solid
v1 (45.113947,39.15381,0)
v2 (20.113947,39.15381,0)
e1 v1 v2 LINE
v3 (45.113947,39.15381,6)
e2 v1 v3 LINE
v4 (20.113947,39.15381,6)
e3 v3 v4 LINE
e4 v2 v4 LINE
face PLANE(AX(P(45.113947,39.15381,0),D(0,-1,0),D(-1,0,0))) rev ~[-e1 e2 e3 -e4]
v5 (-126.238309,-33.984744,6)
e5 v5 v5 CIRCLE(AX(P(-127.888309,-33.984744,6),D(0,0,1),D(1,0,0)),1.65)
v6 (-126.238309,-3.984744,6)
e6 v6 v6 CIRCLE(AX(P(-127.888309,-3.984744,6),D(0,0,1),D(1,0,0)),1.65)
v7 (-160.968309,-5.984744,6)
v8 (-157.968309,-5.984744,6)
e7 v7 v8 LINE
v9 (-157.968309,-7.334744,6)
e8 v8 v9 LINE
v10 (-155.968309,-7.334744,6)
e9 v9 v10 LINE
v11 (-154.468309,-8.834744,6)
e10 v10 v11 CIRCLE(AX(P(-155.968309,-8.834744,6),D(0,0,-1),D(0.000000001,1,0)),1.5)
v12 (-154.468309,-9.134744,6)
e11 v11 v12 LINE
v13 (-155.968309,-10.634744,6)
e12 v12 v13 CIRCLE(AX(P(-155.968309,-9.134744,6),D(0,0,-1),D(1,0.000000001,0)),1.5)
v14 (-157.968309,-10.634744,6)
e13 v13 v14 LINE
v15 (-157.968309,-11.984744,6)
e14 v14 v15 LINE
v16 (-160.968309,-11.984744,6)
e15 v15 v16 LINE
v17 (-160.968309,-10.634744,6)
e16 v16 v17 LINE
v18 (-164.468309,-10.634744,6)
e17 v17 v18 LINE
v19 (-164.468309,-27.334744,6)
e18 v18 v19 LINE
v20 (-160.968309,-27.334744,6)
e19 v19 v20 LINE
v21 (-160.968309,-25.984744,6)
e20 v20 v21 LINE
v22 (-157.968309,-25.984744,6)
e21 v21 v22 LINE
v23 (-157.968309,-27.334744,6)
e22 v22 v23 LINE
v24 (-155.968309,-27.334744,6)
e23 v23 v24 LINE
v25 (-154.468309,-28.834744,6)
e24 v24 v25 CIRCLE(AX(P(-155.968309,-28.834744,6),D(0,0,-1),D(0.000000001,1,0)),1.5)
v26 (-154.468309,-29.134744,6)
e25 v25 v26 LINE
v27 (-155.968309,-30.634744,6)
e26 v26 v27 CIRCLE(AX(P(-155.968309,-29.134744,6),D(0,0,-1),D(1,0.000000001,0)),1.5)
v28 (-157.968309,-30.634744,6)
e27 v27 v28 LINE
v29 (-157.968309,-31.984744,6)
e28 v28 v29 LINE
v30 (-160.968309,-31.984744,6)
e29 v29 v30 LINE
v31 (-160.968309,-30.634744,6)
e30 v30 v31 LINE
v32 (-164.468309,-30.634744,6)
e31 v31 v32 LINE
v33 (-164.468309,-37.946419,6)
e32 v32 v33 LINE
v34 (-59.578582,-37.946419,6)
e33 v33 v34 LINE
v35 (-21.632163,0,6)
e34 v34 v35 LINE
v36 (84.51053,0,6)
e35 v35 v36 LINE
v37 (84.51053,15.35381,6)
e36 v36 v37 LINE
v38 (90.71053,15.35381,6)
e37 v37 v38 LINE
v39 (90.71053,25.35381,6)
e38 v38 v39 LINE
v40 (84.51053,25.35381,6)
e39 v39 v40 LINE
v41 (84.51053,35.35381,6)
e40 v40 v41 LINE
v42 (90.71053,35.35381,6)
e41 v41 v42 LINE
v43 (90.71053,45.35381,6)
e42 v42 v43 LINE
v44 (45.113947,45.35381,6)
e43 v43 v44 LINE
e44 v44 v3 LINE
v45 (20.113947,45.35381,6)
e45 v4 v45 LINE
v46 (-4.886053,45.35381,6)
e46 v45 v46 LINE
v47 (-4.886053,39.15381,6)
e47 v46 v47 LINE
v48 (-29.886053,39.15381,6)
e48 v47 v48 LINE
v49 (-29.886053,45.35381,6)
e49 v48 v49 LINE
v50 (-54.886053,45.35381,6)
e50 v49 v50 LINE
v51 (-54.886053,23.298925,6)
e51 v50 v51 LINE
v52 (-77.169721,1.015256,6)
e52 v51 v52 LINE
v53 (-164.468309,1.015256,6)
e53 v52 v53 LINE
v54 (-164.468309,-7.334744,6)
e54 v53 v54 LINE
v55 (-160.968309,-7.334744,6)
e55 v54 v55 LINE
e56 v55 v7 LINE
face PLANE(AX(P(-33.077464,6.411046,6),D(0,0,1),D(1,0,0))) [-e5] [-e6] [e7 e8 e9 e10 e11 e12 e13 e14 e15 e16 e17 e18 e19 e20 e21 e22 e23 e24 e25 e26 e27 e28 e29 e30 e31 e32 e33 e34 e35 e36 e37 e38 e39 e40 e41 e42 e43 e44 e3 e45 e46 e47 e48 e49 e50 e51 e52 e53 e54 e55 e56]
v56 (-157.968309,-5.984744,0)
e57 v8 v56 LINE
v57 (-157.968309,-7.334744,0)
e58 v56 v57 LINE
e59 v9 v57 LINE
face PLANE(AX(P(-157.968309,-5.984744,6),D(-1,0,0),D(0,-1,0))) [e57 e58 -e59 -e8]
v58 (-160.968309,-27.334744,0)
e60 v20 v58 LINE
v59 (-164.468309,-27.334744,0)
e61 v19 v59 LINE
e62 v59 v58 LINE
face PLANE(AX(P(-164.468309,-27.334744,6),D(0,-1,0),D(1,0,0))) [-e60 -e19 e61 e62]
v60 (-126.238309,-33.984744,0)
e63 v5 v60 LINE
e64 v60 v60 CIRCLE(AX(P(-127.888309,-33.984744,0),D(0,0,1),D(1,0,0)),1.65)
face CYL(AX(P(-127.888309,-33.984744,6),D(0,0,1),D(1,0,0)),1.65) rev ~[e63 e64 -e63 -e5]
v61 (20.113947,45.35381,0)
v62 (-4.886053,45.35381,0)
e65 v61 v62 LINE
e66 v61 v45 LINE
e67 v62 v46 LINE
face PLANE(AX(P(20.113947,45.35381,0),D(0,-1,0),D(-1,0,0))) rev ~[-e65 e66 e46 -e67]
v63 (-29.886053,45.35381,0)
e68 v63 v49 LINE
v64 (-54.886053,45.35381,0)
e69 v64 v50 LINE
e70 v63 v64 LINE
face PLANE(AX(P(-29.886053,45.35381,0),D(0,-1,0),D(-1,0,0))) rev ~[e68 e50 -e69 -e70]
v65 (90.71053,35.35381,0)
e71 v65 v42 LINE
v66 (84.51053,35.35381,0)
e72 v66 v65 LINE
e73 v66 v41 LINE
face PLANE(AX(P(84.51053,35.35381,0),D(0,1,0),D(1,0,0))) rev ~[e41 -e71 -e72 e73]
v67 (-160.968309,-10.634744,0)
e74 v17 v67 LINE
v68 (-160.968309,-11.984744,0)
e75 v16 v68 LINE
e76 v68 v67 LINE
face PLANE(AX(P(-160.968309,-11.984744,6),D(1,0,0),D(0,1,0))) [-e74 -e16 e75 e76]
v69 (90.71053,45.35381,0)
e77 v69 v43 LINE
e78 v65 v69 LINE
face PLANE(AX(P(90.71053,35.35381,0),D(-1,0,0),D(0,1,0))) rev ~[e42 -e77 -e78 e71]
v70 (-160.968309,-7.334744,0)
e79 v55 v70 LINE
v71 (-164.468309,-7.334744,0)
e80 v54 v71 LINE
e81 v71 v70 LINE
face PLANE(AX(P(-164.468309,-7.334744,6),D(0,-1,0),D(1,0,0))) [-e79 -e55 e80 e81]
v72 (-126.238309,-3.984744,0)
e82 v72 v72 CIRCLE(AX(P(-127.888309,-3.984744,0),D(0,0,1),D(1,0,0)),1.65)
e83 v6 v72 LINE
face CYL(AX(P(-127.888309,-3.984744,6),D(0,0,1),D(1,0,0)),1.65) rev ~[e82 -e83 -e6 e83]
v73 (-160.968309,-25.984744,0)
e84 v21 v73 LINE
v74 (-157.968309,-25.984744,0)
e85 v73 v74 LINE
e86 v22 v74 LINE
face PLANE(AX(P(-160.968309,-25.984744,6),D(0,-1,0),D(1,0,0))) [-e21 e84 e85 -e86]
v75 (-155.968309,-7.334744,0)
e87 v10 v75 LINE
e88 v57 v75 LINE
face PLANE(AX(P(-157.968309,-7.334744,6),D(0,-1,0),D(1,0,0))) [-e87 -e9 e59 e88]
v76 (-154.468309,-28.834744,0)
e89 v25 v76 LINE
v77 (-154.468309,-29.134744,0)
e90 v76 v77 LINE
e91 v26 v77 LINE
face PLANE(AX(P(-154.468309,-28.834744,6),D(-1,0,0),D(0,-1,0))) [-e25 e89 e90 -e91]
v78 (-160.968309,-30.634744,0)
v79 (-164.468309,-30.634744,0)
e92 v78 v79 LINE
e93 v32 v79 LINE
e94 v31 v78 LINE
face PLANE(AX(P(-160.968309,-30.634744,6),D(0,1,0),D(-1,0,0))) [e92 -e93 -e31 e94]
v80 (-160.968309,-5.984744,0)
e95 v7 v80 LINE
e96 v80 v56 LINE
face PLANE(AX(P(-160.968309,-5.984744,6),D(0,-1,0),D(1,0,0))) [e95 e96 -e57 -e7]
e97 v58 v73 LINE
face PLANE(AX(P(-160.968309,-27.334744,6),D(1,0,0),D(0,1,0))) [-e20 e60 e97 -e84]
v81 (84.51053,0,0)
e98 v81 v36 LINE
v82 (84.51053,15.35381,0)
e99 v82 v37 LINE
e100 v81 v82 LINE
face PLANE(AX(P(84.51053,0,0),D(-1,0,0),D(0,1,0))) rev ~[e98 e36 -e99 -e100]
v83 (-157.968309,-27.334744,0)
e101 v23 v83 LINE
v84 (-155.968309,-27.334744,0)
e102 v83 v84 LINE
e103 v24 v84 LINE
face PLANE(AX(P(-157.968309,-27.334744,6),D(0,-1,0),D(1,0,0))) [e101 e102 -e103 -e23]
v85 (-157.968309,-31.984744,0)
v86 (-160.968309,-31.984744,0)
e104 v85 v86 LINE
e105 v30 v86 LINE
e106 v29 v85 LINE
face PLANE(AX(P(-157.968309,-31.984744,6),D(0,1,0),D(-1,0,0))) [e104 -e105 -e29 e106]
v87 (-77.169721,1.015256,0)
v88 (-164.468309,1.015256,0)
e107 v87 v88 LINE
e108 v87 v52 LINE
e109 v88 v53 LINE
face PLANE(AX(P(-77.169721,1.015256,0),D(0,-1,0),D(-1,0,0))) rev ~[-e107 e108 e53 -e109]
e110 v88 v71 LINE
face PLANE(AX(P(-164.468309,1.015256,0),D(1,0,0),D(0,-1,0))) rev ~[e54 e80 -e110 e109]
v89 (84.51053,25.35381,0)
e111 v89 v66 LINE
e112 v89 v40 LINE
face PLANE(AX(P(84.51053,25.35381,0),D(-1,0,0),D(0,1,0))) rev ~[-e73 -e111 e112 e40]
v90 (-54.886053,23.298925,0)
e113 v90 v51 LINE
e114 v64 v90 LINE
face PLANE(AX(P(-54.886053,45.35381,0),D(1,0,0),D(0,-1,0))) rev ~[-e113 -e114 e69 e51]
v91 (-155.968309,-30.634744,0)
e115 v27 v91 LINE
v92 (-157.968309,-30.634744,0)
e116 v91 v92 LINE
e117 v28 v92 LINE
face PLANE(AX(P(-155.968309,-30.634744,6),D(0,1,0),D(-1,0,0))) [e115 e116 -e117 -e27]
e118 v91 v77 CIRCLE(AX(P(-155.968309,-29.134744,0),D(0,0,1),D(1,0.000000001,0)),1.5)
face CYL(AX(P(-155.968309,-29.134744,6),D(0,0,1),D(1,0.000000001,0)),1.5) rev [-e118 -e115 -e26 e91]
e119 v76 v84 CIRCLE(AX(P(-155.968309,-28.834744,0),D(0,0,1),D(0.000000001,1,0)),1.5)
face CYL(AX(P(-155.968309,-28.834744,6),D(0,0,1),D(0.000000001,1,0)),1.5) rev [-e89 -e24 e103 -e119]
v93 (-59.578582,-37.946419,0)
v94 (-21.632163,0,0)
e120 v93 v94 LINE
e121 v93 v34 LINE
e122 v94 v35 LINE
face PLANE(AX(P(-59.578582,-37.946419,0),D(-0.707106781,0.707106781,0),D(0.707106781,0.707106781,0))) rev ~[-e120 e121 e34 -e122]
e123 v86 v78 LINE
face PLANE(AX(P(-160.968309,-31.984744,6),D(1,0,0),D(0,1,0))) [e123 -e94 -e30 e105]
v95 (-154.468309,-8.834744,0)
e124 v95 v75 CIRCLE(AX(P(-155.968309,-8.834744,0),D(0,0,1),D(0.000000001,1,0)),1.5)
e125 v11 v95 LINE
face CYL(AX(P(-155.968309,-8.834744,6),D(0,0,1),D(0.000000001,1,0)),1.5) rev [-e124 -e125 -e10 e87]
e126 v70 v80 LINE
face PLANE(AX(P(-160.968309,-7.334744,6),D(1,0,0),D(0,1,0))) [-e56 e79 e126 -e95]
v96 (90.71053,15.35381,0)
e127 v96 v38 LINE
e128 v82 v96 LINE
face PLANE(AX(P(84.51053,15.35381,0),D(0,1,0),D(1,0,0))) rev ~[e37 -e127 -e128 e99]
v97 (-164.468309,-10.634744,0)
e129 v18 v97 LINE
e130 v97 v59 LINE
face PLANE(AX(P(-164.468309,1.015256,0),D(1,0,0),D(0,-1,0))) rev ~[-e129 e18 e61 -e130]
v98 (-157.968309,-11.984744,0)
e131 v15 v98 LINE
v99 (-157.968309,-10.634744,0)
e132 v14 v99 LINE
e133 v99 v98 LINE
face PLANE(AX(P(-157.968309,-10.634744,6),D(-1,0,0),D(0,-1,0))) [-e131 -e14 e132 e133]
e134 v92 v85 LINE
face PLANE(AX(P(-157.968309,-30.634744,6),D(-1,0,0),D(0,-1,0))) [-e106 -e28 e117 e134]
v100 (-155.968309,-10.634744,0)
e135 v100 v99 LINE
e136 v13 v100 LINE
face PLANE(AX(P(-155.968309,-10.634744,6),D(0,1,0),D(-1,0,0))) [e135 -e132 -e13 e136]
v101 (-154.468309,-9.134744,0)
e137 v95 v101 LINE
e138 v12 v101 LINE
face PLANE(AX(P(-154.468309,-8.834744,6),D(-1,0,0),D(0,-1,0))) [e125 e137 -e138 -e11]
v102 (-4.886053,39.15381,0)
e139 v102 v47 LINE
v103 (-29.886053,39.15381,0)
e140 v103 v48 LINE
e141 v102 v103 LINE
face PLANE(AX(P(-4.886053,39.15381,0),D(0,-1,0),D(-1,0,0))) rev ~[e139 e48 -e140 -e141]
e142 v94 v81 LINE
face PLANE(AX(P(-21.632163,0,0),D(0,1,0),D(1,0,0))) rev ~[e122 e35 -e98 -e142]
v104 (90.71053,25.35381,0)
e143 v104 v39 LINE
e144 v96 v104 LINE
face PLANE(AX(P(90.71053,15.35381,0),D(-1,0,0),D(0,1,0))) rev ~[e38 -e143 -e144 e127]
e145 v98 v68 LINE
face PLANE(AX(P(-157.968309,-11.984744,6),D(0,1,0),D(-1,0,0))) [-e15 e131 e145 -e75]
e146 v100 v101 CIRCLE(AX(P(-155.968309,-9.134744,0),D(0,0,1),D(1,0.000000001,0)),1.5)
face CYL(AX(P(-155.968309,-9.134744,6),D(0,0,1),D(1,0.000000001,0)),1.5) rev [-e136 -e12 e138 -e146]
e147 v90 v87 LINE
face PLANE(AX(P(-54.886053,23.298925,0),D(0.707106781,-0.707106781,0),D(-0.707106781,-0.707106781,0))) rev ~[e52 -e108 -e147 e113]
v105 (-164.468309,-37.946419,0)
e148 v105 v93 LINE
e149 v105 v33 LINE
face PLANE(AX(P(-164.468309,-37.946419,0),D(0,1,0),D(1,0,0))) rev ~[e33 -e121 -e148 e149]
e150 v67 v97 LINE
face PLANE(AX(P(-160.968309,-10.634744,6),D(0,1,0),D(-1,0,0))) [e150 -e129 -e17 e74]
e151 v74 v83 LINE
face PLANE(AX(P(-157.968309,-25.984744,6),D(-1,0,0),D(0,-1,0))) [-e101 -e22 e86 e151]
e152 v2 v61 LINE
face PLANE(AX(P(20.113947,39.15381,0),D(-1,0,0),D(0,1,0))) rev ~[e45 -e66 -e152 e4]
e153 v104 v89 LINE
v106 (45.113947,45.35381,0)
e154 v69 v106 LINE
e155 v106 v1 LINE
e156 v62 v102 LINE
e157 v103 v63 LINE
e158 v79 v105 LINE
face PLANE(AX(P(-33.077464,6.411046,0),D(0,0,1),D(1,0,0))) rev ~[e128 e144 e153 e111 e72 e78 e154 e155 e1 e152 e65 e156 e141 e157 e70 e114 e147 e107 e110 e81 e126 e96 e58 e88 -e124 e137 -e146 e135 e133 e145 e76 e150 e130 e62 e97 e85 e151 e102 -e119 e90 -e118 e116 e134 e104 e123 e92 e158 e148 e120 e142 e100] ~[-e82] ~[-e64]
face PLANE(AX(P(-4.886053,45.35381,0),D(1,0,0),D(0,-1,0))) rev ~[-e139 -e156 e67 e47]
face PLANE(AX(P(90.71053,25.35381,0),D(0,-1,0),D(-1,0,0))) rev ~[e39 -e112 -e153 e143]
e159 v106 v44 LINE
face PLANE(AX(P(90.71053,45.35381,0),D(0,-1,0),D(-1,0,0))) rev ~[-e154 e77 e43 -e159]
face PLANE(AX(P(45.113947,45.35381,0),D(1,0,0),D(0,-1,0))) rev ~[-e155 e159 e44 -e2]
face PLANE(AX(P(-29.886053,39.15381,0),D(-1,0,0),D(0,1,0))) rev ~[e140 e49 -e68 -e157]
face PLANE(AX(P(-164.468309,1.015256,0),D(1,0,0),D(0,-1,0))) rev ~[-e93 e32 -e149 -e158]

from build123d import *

# Parameters (mm, degrees)
EXTRUDE_1_DEPTH     = 6
SKETCH_2_R          = 1.65
CUT_EXTRUDE_1_DEPTH = 171.71260254


with BuildPart() as part:
    # Эскиз1 → Бобышка-Вытянуть1 (new body)
    with BuildSketch(Plane.XY):
        Polygon((-164.468308742, 1.015256317), (-164.468308742, -37.946418867), (-59.578582118, -37.946418867), (-21.632163251, 0), (84.510530021, 0), (84.510530021, 15.353810043), (90.710530021, 15.353810043), (90.710530021, 25.353810043), (84.510530021, 25.353810043), (84.510530021, 35.353810043), (90.710530021, 35.353810043), (90.710530021, 45.353810043), (45.113947205, 45.353810043), (45.113947205, 39.153810043), (20.113947205, 39.153810043), (20.113947205, 45.353810043), (-4.886052795, 45.353810043), (-4.886052795, 39.153810043), (-29.886052795, 39.153810043), (-29.886052795, 45.353810043), (-54.886052795, 45.353810043), (-54.886052795, 23.298924803), (-77.169721281, 1.015256317), align=None)
    extrude(amount=EXTRUDE_1_DEPTH)

    # Эскиз2 → Вырез-Вытянуть1 (cut, through all)
    with BuildSketch(Plane.XY.offset(6)):
        with Locations((-127.888308742, -3.984743683)):
            Circle(SKETCH_2_R)
        with Locations((-127.888308742, -33.984743683)):
            Circle(SKETCH_2_R)
        with BuildLine():
            Line((-157.968308742, -10.634743683), (-157.968308742, -11.984743683))
            Line((-157.968308742, -11.984743683), (-160.968308742, -11.984743683))
            Line((-160.968308742, -11.984743683), (-160.968308742, -10.634743683))
            Line((-160.968308742, -10.634743683), (-164.468308742, -10.634743683))
            Line((-164.468308742, -10.634743683), (-164.468308742, -7.334743683))
            Line((-164.468308742, -7.334743683), (-160.968308742, -7.334743683))
            Line((-160.968308742, -7.334743683), (-160.968308742, -5.984743683))
            Line((-160.968308742, -5.984743683), (-157.968308742, -5.984743683))
            Line((-157.968308742, -5.984743683), (-157.968308742, -7.334743683))
            Line((-157.968308742, -7.334743683), (-155.968308742, -7.334743683))
            ThreePointArc((-155.968308742, -7.334743683), (-154.90764857, -7.774083512), (-154.468308742, -8.834743683))
            Line((-154.468308742, -8.834743683), (-154.468308742, -9.134743683))
            ThreePointArc((-154.468308742, -9.134743683), (-154.90764857, -10.195403855), (-155.968308742, -10.634743683))
            Line((-155.968308742, -10.634743683), (-157.968308742, -10.634743683))
        make_face()
        with BuildLine():
            Line((-160.968308742, -25.984743683), (-157.968308742, -25.984743683))
            Line((-157.968308742, -25.984743683), (-157.968308742, -27.334743683))
            Line((-157.968308742, -27.334743683), (-155.968308742, -27.334743683))
            ThreePointArc((-155.968308742, -27.334743683), (-154.90764857, -27.774083512), (-154.468308742, -28.834743683))
            Line((-154.468308742, -28.834743683), (-154.468308742, -29.134743683))
            ThreePointArc((-154.468308742, -29.134743683), (-154.90764857, -30.195403855), (-155.968308742, -30.634743683))
            Line((-155.968308742, -30.634743683), (-157.968308742, -30.634743683))
            Line((-157.968308742, -30.634743683), (-157.968308742, -31.984743683))
            Line((-157.968308742, -31.984743683), (-160.968308742, -31.984743683))
            Line((-160.968308742, -31.984743683), (-160.968308742, -30.634743683))
            Line((-160.968308742, -30.634743683), (-164.468308742, -30.634743683))
            Line((-164.468308742, -30.634743683), (-164.468308742, -27.334743683))
            Line((-164.468308742, -27.334743683), (-160.968308742, -27.334743683))
            Line((-160.968308742, -27.334743683), (-160.968308742, -25.984743683))
        make_face()
    extrude(amount=-CUT_EXTRUDE_1_DEPTH, mode=Mode.SUBTRACT)


solid = part.part
